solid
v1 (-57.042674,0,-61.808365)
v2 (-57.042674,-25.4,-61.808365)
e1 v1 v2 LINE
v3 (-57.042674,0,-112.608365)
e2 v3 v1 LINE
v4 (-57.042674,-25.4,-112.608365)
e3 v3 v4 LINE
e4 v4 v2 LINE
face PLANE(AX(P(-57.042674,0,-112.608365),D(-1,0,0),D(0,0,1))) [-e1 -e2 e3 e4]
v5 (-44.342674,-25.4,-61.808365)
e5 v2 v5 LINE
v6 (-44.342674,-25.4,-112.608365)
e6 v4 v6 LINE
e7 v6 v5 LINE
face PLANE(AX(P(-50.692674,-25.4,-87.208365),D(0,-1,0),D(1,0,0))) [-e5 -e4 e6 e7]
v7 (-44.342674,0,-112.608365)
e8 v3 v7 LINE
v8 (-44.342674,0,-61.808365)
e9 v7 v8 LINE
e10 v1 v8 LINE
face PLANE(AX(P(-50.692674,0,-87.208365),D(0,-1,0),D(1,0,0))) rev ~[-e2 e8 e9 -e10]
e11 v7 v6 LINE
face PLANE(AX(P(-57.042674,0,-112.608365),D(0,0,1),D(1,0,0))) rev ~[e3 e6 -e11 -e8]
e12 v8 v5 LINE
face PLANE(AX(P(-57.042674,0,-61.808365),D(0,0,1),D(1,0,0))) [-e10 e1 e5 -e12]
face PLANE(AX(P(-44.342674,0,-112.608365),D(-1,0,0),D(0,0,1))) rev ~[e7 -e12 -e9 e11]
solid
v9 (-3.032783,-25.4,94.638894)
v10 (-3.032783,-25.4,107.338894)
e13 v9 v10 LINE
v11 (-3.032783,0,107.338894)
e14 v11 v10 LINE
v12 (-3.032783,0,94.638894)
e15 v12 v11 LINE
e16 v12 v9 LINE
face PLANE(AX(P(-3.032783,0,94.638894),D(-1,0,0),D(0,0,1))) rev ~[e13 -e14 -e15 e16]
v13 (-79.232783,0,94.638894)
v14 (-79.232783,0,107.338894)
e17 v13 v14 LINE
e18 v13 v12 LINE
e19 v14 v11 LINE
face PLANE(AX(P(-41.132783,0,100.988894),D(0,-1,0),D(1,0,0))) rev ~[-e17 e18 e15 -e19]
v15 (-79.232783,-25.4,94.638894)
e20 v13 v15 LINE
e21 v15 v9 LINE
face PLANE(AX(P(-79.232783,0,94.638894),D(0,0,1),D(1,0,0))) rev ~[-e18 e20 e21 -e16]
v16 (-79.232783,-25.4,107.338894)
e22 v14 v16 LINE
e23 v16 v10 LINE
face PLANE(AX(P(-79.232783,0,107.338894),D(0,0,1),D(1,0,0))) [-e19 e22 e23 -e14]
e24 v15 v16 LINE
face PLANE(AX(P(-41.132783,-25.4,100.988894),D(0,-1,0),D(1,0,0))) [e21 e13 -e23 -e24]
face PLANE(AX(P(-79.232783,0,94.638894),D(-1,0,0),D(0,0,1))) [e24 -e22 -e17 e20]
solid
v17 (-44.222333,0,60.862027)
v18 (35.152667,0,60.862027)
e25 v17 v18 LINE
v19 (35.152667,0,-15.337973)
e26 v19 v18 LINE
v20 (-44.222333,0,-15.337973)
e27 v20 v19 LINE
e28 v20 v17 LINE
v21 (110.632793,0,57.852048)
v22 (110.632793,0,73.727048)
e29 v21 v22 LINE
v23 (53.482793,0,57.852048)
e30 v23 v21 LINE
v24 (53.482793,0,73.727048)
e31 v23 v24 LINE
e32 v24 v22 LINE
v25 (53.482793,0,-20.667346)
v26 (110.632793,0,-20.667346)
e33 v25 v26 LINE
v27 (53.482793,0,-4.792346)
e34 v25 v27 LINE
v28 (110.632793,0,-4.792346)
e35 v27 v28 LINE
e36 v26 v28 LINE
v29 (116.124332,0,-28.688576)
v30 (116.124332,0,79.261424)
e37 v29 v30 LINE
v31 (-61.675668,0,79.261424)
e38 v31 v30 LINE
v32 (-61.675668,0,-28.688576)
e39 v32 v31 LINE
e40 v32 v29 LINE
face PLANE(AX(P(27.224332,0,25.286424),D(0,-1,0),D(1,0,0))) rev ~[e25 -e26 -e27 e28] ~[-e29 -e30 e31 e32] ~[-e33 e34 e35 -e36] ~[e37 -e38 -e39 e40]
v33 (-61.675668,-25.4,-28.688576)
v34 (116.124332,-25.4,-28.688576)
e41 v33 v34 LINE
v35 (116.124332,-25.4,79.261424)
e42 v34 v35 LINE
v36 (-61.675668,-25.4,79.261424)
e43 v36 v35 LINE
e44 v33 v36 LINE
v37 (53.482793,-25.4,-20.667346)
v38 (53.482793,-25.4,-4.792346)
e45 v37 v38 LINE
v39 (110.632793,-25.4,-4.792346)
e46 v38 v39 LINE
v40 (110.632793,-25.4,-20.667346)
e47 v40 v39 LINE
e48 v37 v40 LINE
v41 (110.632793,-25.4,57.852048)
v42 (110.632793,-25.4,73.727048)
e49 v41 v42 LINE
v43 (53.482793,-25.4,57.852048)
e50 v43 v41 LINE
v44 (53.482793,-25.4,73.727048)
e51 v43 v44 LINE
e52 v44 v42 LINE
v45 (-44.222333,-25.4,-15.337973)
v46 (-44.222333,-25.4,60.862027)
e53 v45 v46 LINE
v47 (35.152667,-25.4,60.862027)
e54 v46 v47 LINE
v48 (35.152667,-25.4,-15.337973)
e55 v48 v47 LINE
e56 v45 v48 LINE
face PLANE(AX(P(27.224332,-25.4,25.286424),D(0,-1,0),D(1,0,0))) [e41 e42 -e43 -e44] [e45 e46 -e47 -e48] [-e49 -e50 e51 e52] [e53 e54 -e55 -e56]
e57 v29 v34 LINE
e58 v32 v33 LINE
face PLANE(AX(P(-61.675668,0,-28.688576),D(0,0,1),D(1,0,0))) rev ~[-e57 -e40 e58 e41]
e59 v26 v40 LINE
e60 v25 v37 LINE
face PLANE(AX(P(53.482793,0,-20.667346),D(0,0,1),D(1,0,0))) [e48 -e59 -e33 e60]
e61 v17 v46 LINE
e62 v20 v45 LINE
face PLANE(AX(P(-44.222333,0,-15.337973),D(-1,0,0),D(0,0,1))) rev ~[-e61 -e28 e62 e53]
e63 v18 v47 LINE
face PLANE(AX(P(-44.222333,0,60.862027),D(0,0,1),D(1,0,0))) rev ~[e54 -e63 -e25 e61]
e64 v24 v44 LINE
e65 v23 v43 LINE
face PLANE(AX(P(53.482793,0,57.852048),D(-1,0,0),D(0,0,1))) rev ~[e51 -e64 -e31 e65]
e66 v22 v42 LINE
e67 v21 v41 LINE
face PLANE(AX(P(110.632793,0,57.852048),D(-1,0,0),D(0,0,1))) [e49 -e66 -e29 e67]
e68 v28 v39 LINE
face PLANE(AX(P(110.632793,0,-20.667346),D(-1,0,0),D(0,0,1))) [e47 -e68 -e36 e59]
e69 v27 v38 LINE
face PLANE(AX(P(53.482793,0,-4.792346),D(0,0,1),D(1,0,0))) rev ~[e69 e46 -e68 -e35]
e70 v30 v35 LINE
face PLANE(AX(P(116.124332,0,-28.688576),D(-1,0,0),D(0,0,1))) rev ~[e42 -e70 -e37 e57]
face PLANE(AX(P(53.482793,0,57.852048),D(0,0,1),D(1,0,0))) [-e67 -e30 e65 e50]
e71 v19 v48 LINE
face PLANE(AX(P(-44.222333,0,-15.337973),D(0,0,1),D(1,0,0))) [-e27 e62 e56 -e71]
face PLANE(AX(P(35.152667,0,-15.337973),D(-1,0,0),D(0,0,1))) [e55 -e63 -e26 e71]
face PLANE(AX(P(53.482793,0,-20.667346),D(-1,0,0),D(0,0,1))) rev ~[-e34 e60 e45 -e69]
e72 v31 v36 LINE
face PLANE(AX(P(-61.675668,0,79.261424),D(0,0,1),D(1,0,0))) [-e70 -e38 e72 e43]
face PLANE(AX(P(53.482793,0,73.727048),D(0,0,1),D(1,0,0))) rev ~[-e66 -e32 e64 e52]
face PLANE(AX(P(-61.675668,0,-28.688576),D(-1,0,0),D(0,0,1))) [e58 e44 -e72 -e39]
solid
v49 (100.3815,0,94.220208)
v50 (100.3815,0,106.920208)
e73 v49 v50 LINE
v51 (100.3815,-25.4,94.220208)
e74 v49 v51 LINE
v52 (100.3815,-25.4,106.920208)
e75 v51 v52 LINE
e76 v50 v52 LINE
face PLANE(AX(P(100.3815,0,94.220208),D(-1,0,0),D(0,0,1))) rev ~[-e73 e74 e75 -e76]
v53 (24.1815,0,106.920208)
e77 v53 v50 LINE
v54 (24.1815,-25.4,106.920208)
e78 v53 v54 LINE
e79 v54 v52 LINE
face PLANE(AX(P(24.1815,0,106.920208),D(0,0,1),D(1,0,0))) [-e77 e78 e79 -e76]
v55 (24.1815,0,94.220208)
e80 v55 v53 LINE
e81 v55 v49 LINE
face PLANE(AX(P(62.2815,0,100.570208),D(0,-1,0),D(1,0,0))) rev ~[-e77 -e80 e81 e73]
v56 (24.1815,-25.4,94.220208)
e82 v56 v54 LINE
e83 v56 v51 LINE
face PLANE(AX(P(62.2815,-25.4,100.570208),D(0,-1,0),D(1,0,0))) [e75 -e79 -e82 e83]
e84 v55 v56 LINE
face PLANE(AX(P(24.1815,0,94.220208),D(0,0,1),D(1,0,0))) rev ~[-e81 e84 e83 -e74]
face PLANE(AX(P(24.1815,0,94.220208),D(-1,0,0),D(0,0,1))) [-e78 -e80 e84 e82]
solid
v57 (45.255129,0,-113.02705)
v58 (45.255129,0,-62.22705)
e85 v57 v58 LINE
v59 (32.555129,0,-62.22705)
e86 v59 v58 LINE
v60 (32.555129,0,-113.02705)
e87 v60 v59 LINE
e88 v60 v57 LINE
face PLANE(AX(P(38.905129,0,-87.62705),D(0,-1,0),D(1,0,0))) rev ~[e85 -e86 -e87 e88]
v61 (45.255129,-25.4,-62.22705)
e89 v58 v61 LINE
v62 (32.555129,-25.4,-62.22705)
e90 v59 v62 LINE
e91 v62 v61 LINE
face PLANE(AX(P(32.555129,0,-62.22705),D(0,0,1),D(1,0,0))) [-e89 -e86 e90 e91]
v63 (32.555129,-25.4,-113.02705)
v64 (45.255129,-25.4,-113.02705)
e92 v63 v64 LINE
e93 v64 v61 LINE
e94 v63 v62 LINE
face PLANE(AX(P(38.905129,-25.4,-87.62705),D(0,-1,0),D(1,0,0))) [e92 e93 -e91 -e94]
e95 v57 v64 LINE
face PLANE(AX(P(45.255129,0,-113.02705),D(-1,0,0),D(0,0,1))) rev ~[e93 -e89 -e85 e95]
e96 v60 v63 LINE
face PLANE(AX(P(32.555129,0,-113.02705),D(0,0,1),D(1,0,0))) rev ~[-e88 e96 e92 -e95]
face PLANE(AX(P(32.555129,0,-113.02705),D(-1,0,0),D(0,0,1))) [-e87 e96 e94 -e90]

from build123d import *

# Parameters (mm, degrees)
F1_W     = 76.2
F1_H     = 12.7
F1_W_2   = 12.7
F1_H_2   = 50.8
F0_W     = 177.8
F0_H     = 107.95
F0_W_2   = 79.375
F0_H_2   = 76.2
F0_W_3   = 57.15
F0_H_3   = 15.875
F2_DEPTH = 25.4


with BuildPart() as f2:
    # F1 (on Front) + F0 (on Front) → F2 (new body)
    with BuildSketch(Plane.XZ):
        with Locations((-41.132783, 100.988894)):
            Rectangle(F1_W, F1_H)
        with Locations((62.2815, 100.570208)):
            Rectangle(F1_W, F1_H)
        with Locations((-50.692674, -87.208365)):
            Rectangle(F1_W_2, F1_H_2)
        with Locations((38.905129, -87.62705)):
            Rectangle(F1_W_2, F1_H_2)
    with BuildSketch(Plane.XZ):
        with Locations((27.224332, 25.286424)):
            Rectangle(F0_W, F0_H)
        with Locations((-4.534833, 22.762027)):
            Rectangle(F0_W_2, F0_H_2, mode=Mode.SUBTRACT)
        with Locations((82.057793, -12.729846)):
            Rectangle(F0_W_3, F0_H_3, mode=Mode.SUBTRACT)
        with Locations((82.057793, 65.789548)):
            Rectangle(F0_W_3, F0_H_3, mode=Mode.SUBTRACT)
    extrude(amount=F2_DEPTH)


solid = f2.part
